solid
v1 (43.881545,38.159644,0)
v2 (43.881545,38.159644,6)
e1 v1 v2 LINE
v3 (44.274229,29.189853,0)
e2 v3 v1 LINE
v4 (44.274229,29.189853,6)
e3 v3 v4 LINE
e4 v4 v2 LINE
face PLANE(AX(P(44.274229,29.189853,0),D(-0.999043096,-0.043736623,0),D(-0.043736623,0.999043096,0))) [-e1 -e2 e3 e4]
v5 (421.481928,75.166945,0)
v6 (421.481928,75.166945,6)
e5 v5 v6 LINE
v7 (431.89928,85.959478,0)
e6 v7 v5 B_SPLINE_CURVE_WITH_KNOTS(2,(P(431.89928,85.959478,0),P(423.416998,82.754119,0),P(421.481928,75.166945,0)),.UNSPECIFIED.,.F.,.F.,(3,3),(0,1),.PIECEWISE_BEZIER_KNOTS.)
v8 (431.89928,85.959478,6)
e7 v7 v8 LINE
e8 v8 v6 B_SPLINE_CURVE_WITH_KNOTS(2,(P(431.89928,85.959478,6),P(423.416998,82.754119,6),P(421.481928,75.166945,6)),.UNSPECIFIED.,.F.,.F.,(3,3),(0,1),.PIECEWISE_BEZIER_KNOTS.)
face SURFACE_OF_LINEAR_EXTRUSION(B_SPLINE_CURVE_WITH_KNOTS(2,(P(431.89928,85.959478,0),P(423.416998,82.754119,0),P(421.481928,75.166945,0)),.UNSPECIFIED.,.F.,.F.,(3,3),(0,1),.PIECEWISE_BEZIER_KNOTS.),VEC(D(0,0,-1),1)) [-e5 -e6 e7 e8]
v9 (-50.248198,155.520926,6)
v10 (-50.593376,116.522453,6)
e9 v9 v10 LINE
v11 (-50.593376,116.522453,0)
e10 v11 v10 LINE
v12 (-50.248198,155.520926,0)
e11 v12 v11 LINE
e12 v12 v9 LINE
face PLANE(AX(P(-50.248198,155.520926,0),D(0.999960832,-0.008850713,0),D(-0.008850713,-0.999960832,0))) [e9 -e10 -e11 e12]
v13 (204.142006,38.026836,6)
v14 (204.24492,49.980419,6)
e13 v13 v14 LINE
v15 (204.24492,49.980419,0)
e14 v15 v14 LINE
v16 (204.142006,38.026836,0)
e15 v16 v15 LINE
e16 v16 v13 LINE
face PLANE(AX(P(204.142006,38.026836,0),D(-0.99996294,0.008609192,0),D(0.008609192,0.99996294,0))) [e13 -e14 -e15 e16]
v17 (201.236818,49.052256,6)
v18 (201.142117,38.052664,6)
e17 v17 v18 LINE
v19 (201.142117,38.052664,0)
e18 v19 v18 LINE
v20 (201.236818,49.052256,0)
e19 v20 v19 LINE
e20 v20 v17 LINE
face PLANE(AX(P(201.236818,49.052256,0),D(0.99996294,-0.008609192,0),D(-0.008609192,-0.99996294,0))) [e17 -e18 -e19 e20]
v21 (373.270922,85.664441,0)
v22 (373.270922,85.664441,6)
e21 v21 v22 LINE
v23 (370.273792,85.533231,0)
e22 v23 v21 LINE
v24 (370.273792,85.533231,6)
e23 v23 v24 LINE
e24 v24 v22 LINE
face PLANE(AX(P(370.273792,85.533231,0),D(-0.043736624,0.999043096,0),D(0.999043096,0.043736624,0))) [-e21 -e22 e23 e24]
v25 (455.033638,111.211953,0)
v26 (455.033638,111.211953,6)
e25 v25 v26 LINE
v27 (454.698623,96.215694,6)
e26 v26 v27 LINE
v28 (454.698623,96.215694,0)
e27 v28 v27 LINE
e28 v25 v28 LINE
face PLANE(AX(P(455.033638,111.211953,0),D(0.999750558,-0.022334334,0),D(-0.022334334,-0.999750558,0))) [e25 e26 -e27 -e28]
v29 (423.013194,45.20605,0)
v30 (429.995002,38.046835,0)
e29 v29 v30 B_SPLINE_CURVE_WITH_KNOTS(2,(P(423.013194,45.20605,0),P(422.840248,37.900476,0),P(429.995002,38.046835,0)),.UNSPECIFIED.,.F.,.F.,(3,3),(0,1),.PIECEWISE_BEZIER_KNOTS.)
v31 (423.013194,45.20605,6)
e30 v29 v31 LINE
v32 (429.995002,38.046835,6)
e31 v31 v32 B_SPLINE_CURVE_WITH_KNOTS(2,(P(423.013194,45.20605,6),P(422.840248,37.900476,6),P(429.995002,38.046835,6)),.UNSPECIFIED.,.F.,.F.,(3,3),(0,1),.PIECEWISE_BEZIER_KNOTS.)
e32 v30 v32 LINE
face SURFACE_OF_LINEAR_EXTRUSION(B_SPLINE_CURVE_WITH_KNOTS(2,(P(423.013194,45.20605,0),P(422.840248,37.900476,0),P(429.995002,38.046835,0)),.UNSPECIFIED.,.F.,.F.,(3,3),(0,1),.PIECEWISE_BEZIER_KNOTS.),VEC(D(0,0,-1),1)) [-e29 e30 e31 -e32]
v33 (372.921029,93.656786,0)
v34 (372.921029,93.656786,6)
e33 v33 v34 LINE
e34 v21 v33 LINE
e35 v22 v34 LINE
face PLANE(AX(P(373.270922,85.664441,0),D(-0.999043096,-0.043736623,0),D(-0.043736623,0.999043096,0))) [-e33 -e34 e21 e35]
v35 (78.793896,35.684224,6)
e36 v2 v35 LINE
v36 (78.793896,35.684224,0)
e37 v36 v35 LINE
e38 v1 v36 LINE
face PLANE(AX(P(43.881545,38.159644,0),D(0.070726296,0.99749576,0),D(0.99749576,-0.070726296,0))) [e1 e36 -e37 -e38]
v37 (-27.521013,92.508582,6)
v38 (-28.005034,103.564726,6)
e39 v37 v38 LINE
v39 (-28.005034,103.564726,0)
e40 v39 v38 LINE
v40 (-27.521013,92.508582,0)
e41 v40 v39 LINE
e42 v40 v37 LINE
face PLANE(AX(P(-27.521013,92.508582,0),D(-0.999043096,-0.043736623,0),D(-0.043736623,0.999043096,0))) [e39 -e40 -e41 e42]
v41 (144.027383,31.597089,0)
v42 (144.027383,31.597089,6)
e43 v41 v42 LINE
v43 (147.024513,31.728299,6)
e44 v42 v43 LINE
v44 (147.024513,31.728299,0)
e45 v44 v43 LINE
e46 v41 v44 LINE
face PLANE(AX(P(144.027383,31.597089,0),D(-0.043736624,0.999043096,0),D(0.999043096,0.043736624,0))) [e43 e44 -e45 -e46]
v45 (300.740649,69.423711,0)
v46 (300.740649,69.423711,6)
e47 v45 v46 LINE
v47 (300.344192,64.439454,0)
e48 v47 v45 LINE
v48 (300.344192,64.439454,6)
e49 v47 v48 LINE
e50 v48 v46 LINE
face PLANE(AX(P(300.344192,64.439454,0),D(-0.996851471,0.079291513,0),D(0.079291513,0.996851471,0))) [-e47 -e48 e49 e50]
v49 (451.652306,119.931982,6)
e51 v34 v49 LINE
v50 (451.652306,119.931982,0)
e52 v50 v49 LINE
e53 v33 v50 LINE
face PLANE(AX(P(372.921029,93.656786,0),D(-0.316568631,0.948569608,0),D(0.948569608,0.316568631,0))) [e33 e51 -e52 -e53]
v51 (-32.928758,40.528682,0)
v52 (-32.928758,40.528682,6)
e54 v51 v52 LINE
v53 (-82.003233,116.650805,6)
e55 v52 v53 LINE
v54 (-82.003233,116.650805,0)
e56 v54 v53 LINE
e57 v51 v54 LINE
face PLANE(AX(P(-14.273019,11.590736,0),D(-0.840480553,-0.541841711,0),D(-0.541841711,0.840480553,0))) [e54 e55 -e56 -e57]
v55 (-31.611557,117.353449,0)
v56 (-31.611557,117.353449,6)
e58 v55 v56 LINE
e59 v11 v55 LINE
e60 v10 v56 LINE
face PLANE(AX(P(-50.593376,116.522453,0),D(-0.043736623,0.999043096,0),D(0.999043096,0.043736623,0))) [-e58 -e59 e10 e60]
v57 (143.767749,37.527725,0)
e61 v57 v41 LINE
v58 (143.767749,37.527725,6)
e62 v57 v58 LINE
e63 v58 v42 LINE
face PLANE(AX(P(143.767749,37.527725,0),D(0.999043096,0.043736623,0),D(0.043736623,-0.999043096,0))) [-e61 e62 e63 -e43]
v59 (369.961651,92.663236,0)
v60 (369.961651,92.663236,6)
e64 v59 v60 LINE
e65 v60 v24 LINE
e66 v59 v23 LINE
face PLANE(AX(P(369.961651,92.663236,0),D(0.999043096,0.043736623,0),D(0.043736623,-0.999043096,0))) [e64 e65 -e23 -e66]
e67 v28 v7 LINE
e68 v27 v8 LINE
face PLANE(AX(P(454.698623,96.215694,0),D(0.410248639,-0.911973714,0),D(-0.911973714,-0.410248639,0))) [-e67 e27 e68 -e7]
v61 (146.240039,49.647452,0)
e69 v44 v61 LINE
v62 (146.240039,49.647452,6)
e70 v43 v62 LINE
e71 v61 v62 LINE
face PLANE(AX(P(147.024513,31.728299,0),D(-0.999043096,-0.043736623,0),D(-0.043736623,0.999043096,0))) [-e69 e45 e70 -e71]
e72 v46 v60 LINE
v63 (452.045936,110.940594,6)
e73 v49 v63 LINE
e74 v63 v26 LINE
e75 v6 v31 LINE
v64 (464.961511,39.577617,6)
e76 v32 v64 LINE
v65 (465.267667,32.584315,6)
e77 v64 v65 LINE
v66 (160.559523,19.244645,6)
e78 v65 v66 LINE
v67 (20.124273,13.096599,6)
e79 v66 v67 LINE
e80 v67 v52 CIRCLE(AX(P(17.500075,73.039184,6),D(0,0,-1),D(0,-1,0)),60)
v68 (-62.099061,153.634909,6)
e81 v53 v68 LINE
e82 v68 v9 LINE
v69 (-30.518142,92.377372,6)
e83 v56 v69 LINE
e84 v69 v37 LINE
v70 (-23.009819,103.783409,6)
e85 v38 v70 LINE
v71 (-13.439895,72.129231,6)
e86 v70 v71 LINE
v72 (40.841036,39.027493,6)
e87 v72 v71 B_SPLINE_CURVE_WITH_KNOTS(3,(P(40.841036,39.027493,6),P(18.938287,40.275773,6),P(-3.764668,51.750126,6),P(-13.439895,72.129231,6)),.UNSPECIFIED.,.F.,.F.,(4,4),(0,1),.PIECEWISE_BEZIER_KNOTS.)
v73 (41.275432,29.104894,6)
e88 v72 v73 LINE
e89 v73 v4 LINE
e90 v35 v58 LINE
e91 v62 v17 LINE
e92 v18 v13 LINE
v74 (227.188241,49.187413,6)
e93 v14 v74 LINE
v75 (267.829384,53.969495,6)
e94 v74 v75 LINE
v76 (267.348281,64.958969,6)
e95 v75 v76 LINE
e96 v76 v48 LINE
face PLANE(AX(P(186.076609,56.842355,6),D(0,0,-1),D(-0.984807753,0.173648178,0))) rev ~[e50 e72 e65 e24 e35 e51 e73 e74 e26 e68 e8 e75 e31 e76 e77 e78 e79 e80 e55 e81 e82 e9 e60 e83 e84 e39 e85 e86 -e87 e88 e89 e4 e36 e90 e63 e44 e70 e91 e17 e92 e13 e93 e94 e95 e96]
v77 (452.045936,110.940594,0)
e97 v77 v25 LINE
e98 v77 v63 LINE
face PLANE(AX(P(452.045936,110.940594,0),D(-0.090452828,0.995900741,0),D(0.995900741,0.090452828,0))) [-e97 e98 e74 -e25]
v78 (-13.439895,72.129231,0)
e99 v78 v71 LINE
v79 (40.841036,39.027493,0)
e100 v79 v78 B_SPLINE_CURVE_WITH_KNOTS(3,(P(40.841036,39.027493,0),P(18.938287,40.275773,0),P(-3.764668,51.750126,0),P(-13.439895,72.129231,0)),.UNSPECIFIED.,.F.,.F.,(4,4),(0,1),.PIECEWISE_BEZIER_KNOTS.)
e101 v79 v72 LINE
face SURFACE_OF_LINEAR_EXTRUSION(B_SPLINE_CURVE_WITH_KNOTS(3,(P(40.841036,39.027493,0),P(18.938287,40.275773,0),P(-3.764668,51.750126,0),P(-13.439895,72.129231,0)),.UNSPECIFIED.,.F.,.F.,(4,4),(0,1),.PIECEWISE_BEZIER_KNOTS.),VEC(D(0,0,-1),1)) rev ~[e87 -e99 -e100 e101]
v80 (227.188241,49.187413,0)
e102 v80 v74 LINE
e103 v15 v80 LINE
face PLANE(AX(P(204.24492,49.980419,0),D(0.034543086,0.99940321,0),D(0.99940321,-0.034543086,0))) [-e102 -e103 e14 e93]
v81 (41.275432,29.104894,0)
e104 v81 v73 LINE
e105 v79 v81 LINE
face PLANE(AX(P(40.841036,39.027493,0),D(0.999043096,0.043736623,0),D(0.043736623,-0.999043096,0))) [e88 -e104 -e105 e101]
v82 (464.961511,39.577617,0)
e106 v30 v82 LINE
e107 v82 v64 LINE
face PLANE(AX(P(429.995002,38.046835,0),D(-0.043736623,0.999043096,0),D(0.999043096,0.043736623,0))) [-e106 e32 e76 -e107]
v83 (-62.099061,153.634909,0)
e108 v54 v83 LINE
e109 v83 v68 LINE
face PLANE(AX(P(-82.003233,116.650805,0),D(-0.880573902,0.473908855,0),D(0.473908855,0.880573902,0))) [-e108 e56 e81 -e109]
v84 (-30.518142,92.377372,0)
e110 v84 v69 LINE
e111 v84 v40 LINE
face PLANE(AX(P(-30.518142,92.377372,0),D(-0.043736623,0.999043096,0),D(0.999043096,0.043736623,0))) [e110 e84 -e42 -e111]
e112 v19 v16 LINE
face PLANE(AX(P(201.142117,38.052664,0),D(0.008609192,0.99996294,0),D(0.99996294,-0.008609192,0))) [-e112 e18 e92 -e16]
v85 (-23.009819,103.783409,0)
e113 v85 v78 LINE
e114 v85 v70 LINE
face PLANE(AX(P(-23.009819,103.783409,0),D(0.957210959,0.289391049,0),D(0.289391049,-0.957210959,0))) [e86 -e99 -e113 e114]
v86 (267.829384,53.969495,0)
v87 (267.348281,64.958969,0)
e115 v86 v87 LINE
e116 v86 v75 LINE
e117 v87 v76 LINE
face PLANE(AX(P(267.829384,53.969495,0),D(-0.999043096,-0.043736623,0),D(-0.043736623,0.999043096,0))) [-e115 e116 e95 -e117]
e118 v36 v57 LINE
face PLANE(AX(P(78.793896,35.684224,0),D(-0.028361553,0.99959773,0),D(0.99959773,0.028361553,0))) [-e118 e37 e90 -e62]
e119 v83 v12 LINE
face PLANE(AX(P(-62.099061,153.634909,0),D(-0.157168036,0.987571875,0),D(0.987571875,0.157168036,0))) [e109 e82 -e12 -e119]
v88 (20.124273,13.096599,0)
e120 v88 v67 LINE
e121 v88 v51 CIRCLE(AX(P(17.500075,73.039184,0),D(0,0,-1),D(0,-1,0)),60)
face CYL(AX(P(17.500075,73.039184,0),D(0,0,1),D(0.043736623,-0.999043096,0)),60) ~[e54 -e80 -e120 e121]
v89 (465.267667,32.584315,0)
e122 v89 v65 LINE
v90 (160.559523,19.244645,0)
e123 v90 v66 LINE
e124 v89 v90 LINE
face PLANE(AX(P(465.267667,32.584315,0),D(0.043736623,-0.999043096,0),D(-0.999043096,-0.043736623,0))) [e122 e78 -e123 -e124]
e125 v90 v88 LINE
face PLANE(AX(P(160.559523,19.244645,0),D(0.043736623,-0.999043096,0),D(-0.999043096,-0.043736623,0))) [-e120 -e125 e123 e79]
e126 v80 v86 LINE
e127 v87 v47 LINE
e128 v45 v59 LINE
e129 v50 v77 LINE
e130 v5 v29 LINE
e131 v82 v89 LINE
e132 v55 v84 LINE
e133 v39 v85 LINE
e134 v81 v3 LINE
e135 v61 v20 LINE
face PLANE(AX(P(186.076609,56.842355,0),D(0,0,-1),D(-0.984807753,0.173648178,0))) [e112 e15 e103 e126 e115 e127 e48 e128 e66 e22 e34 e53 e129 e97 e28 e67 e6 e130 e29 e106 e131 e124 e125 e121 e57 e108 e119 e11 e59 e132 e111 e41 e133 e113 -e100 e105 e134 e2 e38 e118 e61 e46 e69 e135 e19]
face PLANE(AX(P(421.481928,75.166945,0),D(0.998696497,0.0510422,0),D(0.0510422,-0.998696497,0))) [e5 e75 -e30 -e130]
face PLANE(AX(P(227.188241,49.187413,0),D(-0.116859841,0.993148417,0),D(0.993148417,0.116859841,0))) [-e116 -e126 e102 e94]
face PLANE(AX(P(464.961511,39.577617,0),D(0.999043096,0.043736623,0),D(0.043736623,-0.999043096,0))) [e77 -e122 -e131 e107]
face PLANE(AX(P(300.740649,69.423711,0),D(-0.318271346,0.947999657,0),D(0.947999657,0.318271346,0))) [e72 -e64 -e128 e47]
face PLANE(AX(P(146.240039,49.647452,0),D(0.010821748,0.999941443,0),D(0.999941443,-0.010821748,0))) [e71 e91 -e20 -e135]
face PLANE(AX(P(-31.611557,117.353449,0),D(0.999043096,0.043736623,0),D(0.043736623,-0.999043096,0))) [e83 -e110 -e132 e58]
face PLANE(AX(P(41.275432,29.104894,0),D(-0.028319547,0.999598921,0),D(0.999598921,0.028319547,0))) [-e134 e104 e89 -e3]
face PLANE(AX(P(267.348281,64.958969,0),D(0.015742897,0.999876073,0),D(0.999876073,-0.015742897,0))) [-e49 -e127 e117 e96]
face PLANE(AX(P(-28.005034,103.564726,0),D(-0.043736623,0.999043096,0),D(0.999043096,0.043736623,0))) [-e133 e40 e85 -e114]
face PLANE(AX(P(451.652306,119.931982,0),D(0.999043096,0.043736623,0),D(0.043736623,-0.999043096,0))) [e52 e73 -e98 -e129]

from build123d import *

# Parameters (mm, degrees)
BOSS_EXTRU_3_DEPTH = 6
CONG_1_R           = 60


with BuildPart() as part:
    # Esquisse3 → Boss.-Extru.3 (new body)
    with BuildSketch(Plane(origin=(-3.638307048, 7.762911288, 0), x_dir=(0.984807753012208, -0.1736481776669307, 0), z_dir=(0, 0, 1))):
        with BuildLine():
            Line((-71.559692406, 137.419515489), (-65.127612513, 98.953577983))
            Line((-65.127612513, 98.953577983), (-46.578471081, 103.06810738))
            Line((-46.578471081, 103.06810738), (-41.164616612, 78.661342338))
            Line((-41.164616612, 78.661342338), (-38.235804807, 79.311004874))
            Line((-38.235804807, 79.311004874), (-40.632352311, 90.115131983))
            Line((-40.632352311, 90.115131983), (-35.750999303, 91.197902877))
            Line((-35.750999303, 91.197902877), (-20.829774243, 61.686423244))
            add(Edge.make_bspline(
                [(38.37456384, 38.513359507), (16.587805448, 35.939302498), (-7.762740615, 43.297007319), (-20.829774243, 61.686423244)],
                knots=[0, 0, 0, 0, 1, 1, 1, 1], degree=3))
            Line((38.37456384, 38.513359507), (40.525402219, 28.816939468))
            Line((40.525402219, 28.816939468), (43.463887608, 29.421342988))
            Line((43.463887608, 29.421342988), (41.519581302, 38.186674133))
            Line((41.519581302, 38.186674133), (76.331388066, 41.811327195))
            Line((76.331388066, 41.811327195), (139.998021134, 54.909412313))
            Line((139.998021134, 54.909412313), (141.283555233, 49.113961235))
            Line((141.283555233, 49.113961235), (144.212367038, 49.763623772))
            Line((144.212367038, 49.763623772), (140.328182794, 67.274322069))
            Line((140.328182794, 67.274322069), (194.592792235, 76.238258828))
            Line((194.592792235, 76.238258828), (196.409589011, 65.389330334))
            Line((196.409589011, 65.389330334), (199.368387691, 65.884820364))
            Line((199.368387691, 65.884820364), (197.394020749, 77.674672735))
            Line((197.394020749, 77.674672735), (220.126485179, 80.877779775))
            Line((220.126485179, 80.877779775), (259.319797933, 92.644471957))
            Line((259.319797933, 92.644471957), (256.937701966, 103.383448575))
            Line((256.937701966, 103.383448575), (289.522543291, 108.601505288))
            Line((289.522543291, 108.601505288), (289.047470566, 113.57888471))
            Line((289.047470566, 113.57888471), (353.181348825, 148.485449649))
            Line((353.181348825, 148.485449649), (354.726860043, 141.517968462))
            Line((354.726860043, 141.517968462), (357.655671848, 142.167630999))
            Line((357.655671848, 142.167630999), (355.923238418, 149.977795812))
            Line((355.923238418, 149.977795812), (428.895770917, 189.525355795))
            Line((428.895770917, 189.525355795), (430.844758526, 180.73892038))
            Line((430.844758526, 180.73892038), (433.739949932, 181.524965365))
            Line((433.739949932, 181.524965365), (436.014097486, 166.698359115))
            Line((436.014097486, 166.698359115), (415.342101107, 152.638893772))
            add(Edge.make_bspline(
                [(415.342101107, 152.638893772), (407.545289081, 148.009298465), (406.957115975, 140.201368924)],
                knots=[0, 0, 0, 1, 1, 1], degree=2))
            Line((406.957115975, 140.201368924), (413.667773401, 110.961548868))
            add(Edge.make_bspline(
                [(413.667773401, 110.961548868), (414.76605418, 103.736931255), (421.786696865, 105.123477115)],
                knots=[0, 0, 0, 1, 1, 1], degree=2))
            Line((421.786696865, 105.123477115), (455.956167923, 112.702873372))
            Line((455.956167923, 112.702873372), (457.472047174, 105.86897916))
            Line((457.472047174, 105.86897916), (159.709513668, 39.819954639))
            Line((159.709513668, 39.819954639), (-11.137841622, 1.922973356))
            Line((-11.137841622, 1.922973356), (-96.082570909, 93.62571577))
            Line((-96.082570909, 93.62571577), (-82.90301036, 133.504271207))
            Line((-82.90301036, 133.504271207), (-71.559692406, 137.419515489))
        make_face()
    extrude(amount=BOSS_EXTRU_3_DEPTH)

    # Congé1
    cong_1_edges = [part.edges().sort_by_distance(p)[0] for p in [
        (-14.27301901, 11.590736258, 3),
    ]]
    fillet(cong_1_edges, radius=CONG_1_R)


solid = part.part
